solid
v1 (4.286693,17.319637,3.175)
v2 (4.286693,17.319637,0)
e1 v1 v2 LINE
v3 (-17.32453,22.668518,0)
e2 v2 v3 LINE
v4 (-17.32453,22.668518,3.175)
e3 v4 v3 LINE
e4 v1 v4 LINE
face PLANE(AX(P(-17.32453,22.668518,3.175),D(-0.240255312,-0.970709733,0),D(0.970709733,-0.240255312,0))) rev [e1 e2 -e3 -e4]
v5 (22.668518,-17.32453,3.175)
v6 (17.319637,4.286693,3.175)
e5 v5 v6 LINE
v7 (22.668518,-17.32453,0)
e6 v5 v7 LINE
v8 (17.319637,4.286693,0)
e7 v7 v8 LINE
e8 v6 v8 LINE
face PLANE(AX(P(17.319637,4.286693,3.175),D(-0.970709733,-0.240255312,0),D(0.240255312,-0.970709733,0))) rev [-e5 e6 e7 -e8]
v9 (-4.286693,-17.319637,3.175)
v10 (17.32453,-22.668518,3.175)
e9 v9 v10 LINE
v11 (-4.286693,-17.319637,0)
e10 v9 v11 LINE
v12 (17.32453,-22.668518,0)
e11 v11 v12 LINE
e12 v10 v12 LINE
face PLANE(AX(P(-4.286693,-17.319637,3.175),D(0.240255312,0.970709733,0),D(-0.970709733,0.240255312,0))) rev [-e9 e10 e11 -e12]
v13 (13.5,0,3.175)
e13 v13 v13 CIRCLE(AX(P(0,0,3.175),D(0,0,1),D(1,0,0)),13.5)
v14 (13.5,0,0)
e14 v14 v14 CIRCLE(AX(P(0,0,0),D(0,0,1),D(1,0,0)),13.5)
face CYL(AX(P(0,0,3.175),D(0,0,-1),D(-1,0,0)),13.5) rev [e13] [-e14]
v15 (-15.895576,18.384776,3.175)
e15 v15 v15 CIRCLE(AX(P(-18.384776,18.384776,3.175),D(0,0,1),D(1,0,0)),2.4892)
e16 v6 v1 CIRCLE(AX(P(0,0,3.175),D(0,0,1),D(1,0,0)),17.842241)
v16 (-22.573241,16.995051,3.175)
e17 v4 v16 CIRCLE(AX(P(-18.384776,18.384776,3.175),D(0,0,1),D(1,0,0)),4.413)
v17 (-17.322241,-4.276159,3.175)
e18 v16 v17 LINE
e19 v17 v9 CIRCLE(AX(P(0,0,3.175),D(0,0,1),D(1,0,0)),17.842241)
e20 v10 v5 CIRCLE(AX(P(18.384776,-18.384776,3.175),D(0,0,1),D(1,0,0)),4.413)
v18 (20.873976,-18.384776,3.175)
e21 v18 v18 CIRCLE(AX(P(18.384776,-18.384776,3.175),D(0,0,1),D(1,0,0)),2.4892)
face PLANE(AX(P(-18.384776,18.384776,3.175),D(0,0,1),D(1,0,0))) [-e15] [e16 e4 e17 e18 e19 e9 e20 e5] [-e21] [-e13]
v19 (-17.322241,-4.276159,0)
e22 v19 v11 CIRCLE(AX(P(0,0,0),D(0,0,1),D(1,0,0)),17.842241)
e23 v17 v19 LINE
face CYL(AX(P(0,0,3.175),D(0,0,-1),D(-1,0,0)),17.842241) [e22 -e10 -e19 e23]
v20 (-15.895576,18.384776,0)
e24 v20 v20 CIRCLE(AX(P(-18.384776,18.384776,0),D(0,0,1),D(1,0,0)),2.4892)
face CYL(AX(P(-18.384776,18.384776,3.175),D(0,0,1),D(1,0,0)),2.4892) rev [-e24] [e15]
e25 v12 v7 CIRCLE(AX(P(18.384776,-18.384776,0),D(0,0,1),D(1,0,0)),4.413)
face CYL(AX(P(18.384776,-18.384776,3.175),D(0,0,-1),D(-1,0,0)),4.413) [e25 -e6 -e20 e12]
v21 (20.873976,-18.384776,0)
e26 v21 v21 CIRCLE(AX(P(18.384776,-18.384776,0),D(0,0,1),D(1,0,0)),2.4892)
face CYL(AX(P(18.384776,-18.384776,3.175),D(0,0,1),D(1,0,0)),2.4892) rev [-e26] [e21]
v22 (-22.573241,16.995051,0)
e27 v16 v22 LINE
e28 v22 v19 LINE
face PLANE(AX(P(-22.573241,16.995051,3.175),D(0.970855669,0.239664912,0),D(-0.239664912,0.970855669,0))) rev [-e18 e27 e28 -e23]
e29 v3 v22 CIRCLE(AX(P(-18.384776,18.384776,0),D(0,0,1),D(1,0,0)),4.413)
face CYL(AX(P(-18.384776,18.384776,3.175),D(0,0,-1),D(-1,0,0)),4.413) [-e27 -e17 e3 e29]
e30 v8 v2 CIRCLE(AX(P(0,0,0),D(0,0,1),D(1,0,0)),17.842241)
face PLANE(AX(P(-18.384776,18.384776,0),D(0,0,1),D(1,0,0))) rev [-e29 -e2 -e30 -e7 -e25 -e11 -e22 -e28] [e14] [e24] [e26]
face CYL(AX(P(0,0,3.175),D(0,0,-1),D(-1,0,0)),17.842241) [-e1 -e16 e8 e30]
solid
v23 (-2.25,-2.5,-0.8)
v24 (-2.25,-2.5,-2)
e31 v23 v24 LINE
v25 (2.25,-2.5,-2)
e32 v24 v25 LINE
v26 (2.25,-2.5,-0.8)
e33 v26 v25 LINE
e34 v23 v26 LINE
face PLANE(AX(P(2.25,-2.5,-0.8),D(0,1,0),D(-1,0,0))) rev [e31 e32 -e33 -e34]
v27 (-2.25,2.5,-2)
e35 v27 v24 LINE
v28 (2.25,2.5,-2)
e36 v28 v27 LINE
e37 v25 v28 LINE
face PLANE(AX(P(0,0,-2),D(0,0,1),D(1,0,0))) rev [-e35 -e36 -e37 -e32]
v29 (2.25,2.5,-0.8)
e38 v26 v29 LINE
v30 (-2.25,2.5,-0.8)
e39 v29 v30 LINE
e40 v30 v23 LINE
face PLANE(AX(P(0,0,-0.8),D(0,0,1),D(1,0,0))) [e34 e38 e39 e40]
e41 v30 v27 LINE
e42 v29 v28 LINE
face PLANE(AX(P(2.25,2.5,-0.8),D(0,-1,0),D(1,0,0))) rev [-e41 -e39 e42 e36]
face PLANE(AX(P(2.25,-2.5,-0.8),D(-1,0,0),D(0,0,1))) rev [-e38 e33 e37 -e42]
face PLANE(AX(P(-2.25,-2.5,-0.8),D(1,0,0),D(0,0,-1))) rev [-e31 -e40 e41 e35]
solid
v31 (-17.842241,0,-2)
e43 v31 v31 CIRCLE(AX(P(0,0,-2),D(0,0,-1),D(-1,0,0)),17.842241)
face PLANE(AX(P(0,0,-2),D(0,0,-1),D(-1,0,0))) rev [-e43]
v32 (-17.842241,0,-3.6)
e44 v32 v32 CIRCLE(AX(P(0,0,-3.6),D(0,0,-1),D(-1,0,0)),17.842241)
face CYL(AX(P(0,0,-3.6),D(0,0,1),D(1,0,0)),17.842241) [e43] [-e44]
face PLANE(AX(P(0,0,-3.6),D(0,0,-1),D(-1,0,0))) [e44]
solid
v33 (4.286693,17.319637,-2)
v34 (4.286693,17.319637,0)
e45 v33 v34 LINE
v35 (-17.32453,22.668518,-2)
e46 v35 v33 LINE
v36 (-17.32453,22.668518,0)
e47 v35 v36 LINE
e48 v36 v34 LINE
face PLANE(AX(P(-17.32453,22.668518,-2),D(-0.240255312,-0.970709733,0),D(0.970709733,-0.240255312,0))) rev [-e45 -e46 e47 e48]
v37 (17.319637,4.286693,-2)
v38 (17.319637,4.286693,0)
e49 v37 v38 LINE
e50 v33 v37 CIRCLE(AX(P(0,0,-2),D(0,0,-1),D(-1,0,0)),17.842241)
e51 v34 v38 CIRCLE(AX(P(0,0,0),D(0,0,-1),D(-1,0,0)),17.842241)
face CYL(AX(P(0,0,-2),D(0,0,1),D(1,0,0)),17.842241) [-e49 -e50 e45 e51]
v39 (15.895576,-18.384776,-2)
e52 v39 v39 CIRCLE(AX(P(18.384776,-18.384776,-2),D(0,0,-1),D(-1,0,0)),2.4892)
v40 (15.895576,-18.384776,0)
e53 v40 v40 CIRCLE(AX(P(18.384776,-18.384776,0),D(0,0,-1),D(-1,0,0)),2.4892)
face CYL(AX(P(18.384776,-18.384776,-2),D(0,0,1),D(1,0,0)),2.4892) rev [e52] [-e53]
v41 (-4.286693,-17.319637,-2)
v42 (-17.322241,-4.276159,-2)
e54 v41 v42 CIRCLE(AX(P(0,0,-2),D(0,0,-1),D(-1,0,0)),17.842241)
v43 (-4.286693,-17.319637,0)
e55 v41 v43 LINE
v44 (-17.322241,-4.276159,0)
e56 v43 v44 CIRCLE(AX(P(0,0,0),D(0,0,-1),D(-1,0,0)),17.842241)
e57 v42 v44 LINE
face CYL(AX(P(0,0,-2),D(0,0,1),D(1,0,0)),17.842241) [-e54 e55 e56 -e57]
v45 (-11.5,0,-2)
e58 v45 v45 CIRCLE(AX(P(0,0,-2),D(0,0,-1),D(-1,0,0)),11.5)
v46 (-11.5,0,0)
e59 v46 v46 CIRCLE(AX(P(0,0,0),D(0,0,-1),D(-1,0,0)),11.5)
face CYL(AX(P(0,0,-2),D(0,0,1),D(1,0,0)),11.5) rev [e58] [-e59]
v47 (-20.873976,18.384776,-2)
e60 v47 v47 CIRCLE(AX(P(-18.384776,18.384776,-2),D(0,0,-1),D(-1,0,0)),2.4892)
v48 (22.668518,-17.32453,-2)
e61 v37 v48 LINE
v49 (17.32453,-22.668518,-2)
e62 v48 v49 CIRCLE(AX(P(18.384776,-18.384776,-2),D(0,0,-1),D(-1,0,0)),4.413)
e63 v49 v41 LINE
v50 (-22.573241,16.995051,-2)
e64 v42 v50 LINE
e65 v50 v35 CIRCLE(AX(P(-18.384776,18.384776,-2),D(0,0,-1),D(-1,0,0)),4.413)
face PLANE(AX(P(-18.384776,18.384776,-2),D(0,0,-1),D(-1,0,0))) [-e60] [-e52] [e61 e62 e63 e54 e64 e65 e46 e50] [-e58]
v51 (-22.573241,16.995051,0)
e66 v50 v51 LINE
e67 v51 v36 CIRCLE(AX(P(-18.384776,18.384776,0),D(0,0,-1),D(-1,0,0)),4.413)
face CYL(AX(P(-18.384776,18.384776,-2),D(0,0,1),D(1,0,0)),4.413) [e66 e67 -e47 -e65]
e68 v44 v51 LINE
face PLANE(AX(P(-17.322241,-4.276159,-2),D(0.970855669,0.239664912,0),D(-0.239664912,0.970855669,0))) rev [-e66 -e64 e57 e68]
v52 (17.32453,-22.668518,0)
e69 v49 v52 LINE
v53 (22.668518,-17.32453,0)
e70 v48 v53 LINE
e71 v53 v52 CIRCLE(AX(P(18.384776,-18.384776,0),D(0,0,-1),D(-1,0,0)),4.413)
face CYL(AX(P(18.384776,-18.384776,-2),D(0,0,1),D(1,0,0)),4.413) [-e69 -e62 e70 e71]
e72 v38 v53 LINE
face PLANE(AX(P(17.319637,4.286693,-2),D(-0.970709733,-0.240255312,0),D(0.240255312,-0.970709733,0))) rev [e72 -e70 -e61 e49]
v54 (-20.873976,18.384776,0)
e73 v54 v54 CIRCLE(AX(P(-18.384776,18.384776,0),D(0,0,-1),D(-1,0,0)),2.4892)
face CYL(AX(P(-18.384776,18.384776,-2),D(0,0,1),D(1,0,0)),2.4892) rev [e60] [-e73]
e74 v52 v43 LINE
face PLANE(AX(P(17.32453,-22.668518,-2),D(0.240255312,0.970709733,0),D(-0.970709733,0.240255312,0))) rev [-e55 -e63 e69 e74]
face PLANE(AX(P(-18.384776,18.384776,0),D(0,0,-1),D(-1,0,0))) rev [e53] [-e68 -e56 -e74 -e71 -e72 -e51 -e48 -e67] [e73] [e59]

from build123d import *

# Parameters (mm, degrees)
SKETCH1_R              = 13.5
BOSS_EXTRUDE1_DEPTH    = 3.175
F_10_CLEARANCE_HOLE1_D = 4.9784
SKETCH6_R              = 11.5
SKETCH6_R_2            = 2.4892
BOSS_EXTRUDE4_DEPTH    = 2
BOSS_EXTRUDE2_DEPTH    = 1.6
SKETCH5_W              = 4.5
SKETCH5_H              = 5
BOSS_EXTRUDE3_DEPTH    = 1.2


with BuildPart() as part:
    # Sketch1 → Boss-Extrude1 (new body)
    with BuildSketch(Plane.XY):
        with BuildLine():
            Line((-22.5732405, 16.995050894), (-17.322240947, -4.276159151))
            ThreePointArc((-17.322240947, -4.276159151), (-12.620205553, -12.612532668), (-4.286693209, -17.319637116))
            Line((-4.286693209, -17.319637116), (17.324529619, -22.668518361))
            ThreePointArc((17.324529619, -22.668518361), (21.505238536, -21.505238536), (22.668518361, -17.324529619))
            Line((22.668518361, -17.324529619), (17.319637116, 4.286693209))
            ThreePointArc((17.319637116, 4.286693209), (12.616369694, 12.616369694), (4.286693209, 17.319637116))
            Line((4.286693209, 17.319637116), (-17.324529619, 22.668518361))
            ThreePointArc((-17.324529619, 22.668518361), (-21.624142677, 21.381620409), (-22.5732405, 16.995050894))
        make_face()
        Circle(SKETCH1_R, mode=Mode.SUBTRACT)
    extrude(amount=BOSS_EXTRUDE1_DEPTH)

    # #10 Clearance Hole1 (through all)
    with Locations(Plane.XY.offset(3.175)):
        with Locations((-18.384776311, 18.384776311), (18.384776311, -18.384776311)):
            Hole(F_10_CLEARANCE_HOLE1_D / 2)


with BuildPart() as body_2:
    # Sketch6 → Boss-Extrude4 (new body)
    with BuildSketch(Plane(origin=(0, 0, 0), x_dir=(-1, 0, 0), z_dir=(0, 0, -1))):
        with BuildLine():
            Line((17.324529619, 22.668518361), (-4.286693209, 17.319637116))
            ThreePointArc((-4.286693209, 17.319637116), (-12.616369694, 12.616369694), (-17.319637116, 4.286693209))
            Line((-17.319637116, 4.286693209), (-22.668518361, -17.324529619))
            ThreePointArc((-22.668518361, -17.324529619), (-21.505238536, -21.505238536), (-17.324529619, -22.668518361))
            Line((-17.324529619, -22.668518361), (4.286693209, -17.319637116))
            ThreePointArc((4.286693209, -17.319637116), (12.620205553, -12.612532668), (17.322240947, -4.276159151))
            Line((17.322240947, -4.276159151), (22.5732405, 16.995050894))
            ThreePointArc((22.5732405, 16.995050894), (21.624142677, 21.381620409), (17.324529619, 22.668518361))
        make_face()
        Circle(SKETCH6_R, mode=Mode.SUBTRACT)
        with Locations((-18.384776311, -18.384776311)):
            Circle(SKETCH6_R_2, mode=Mode.SUBTRACT)
        with Locations((18.384776311, 18.384776311)):
            Circle(SKETCH6_R_2, mode=Mode.SUBTRACT)
    extrude(amount=BOSS_EXTRUDE4_DEPTH)


with BuildPart() as body_3:
    # Sketch4 → Boss-Extrude2 (new body)
    with BuildSketch(Plane(origin=(0, 0, -2), x_dir=(-1, 0, 0), z_dir=(0, 0, -1))):
        with BuildLine():
            ThreePointArc((17.322240947, -4.276159151), (-12.620205553, 12.612532668), (4.286693209, -17.319637116))
            ThreePointArc((4.286693209, -17.319637116), (12.620205553, -12.612532668), (17.322240947, -4.276159151))
        make_face()
    extrude(amount=BOSS_EXTRUDE2_DEPTH)


with BuildPart() as body_4:
    # Sketch5 → Boss-Extrude3 (new body)
    with BuildSketch(Plane.XY.offset(-2)):
        Rectangle(SKETCH5_W, SKETCH5_H)
    extrude(amount=BOSS_EXTRUDE3_DEPTH)


solid = Compound([part.part, body_2.part, body_3.part, body_4.part])
